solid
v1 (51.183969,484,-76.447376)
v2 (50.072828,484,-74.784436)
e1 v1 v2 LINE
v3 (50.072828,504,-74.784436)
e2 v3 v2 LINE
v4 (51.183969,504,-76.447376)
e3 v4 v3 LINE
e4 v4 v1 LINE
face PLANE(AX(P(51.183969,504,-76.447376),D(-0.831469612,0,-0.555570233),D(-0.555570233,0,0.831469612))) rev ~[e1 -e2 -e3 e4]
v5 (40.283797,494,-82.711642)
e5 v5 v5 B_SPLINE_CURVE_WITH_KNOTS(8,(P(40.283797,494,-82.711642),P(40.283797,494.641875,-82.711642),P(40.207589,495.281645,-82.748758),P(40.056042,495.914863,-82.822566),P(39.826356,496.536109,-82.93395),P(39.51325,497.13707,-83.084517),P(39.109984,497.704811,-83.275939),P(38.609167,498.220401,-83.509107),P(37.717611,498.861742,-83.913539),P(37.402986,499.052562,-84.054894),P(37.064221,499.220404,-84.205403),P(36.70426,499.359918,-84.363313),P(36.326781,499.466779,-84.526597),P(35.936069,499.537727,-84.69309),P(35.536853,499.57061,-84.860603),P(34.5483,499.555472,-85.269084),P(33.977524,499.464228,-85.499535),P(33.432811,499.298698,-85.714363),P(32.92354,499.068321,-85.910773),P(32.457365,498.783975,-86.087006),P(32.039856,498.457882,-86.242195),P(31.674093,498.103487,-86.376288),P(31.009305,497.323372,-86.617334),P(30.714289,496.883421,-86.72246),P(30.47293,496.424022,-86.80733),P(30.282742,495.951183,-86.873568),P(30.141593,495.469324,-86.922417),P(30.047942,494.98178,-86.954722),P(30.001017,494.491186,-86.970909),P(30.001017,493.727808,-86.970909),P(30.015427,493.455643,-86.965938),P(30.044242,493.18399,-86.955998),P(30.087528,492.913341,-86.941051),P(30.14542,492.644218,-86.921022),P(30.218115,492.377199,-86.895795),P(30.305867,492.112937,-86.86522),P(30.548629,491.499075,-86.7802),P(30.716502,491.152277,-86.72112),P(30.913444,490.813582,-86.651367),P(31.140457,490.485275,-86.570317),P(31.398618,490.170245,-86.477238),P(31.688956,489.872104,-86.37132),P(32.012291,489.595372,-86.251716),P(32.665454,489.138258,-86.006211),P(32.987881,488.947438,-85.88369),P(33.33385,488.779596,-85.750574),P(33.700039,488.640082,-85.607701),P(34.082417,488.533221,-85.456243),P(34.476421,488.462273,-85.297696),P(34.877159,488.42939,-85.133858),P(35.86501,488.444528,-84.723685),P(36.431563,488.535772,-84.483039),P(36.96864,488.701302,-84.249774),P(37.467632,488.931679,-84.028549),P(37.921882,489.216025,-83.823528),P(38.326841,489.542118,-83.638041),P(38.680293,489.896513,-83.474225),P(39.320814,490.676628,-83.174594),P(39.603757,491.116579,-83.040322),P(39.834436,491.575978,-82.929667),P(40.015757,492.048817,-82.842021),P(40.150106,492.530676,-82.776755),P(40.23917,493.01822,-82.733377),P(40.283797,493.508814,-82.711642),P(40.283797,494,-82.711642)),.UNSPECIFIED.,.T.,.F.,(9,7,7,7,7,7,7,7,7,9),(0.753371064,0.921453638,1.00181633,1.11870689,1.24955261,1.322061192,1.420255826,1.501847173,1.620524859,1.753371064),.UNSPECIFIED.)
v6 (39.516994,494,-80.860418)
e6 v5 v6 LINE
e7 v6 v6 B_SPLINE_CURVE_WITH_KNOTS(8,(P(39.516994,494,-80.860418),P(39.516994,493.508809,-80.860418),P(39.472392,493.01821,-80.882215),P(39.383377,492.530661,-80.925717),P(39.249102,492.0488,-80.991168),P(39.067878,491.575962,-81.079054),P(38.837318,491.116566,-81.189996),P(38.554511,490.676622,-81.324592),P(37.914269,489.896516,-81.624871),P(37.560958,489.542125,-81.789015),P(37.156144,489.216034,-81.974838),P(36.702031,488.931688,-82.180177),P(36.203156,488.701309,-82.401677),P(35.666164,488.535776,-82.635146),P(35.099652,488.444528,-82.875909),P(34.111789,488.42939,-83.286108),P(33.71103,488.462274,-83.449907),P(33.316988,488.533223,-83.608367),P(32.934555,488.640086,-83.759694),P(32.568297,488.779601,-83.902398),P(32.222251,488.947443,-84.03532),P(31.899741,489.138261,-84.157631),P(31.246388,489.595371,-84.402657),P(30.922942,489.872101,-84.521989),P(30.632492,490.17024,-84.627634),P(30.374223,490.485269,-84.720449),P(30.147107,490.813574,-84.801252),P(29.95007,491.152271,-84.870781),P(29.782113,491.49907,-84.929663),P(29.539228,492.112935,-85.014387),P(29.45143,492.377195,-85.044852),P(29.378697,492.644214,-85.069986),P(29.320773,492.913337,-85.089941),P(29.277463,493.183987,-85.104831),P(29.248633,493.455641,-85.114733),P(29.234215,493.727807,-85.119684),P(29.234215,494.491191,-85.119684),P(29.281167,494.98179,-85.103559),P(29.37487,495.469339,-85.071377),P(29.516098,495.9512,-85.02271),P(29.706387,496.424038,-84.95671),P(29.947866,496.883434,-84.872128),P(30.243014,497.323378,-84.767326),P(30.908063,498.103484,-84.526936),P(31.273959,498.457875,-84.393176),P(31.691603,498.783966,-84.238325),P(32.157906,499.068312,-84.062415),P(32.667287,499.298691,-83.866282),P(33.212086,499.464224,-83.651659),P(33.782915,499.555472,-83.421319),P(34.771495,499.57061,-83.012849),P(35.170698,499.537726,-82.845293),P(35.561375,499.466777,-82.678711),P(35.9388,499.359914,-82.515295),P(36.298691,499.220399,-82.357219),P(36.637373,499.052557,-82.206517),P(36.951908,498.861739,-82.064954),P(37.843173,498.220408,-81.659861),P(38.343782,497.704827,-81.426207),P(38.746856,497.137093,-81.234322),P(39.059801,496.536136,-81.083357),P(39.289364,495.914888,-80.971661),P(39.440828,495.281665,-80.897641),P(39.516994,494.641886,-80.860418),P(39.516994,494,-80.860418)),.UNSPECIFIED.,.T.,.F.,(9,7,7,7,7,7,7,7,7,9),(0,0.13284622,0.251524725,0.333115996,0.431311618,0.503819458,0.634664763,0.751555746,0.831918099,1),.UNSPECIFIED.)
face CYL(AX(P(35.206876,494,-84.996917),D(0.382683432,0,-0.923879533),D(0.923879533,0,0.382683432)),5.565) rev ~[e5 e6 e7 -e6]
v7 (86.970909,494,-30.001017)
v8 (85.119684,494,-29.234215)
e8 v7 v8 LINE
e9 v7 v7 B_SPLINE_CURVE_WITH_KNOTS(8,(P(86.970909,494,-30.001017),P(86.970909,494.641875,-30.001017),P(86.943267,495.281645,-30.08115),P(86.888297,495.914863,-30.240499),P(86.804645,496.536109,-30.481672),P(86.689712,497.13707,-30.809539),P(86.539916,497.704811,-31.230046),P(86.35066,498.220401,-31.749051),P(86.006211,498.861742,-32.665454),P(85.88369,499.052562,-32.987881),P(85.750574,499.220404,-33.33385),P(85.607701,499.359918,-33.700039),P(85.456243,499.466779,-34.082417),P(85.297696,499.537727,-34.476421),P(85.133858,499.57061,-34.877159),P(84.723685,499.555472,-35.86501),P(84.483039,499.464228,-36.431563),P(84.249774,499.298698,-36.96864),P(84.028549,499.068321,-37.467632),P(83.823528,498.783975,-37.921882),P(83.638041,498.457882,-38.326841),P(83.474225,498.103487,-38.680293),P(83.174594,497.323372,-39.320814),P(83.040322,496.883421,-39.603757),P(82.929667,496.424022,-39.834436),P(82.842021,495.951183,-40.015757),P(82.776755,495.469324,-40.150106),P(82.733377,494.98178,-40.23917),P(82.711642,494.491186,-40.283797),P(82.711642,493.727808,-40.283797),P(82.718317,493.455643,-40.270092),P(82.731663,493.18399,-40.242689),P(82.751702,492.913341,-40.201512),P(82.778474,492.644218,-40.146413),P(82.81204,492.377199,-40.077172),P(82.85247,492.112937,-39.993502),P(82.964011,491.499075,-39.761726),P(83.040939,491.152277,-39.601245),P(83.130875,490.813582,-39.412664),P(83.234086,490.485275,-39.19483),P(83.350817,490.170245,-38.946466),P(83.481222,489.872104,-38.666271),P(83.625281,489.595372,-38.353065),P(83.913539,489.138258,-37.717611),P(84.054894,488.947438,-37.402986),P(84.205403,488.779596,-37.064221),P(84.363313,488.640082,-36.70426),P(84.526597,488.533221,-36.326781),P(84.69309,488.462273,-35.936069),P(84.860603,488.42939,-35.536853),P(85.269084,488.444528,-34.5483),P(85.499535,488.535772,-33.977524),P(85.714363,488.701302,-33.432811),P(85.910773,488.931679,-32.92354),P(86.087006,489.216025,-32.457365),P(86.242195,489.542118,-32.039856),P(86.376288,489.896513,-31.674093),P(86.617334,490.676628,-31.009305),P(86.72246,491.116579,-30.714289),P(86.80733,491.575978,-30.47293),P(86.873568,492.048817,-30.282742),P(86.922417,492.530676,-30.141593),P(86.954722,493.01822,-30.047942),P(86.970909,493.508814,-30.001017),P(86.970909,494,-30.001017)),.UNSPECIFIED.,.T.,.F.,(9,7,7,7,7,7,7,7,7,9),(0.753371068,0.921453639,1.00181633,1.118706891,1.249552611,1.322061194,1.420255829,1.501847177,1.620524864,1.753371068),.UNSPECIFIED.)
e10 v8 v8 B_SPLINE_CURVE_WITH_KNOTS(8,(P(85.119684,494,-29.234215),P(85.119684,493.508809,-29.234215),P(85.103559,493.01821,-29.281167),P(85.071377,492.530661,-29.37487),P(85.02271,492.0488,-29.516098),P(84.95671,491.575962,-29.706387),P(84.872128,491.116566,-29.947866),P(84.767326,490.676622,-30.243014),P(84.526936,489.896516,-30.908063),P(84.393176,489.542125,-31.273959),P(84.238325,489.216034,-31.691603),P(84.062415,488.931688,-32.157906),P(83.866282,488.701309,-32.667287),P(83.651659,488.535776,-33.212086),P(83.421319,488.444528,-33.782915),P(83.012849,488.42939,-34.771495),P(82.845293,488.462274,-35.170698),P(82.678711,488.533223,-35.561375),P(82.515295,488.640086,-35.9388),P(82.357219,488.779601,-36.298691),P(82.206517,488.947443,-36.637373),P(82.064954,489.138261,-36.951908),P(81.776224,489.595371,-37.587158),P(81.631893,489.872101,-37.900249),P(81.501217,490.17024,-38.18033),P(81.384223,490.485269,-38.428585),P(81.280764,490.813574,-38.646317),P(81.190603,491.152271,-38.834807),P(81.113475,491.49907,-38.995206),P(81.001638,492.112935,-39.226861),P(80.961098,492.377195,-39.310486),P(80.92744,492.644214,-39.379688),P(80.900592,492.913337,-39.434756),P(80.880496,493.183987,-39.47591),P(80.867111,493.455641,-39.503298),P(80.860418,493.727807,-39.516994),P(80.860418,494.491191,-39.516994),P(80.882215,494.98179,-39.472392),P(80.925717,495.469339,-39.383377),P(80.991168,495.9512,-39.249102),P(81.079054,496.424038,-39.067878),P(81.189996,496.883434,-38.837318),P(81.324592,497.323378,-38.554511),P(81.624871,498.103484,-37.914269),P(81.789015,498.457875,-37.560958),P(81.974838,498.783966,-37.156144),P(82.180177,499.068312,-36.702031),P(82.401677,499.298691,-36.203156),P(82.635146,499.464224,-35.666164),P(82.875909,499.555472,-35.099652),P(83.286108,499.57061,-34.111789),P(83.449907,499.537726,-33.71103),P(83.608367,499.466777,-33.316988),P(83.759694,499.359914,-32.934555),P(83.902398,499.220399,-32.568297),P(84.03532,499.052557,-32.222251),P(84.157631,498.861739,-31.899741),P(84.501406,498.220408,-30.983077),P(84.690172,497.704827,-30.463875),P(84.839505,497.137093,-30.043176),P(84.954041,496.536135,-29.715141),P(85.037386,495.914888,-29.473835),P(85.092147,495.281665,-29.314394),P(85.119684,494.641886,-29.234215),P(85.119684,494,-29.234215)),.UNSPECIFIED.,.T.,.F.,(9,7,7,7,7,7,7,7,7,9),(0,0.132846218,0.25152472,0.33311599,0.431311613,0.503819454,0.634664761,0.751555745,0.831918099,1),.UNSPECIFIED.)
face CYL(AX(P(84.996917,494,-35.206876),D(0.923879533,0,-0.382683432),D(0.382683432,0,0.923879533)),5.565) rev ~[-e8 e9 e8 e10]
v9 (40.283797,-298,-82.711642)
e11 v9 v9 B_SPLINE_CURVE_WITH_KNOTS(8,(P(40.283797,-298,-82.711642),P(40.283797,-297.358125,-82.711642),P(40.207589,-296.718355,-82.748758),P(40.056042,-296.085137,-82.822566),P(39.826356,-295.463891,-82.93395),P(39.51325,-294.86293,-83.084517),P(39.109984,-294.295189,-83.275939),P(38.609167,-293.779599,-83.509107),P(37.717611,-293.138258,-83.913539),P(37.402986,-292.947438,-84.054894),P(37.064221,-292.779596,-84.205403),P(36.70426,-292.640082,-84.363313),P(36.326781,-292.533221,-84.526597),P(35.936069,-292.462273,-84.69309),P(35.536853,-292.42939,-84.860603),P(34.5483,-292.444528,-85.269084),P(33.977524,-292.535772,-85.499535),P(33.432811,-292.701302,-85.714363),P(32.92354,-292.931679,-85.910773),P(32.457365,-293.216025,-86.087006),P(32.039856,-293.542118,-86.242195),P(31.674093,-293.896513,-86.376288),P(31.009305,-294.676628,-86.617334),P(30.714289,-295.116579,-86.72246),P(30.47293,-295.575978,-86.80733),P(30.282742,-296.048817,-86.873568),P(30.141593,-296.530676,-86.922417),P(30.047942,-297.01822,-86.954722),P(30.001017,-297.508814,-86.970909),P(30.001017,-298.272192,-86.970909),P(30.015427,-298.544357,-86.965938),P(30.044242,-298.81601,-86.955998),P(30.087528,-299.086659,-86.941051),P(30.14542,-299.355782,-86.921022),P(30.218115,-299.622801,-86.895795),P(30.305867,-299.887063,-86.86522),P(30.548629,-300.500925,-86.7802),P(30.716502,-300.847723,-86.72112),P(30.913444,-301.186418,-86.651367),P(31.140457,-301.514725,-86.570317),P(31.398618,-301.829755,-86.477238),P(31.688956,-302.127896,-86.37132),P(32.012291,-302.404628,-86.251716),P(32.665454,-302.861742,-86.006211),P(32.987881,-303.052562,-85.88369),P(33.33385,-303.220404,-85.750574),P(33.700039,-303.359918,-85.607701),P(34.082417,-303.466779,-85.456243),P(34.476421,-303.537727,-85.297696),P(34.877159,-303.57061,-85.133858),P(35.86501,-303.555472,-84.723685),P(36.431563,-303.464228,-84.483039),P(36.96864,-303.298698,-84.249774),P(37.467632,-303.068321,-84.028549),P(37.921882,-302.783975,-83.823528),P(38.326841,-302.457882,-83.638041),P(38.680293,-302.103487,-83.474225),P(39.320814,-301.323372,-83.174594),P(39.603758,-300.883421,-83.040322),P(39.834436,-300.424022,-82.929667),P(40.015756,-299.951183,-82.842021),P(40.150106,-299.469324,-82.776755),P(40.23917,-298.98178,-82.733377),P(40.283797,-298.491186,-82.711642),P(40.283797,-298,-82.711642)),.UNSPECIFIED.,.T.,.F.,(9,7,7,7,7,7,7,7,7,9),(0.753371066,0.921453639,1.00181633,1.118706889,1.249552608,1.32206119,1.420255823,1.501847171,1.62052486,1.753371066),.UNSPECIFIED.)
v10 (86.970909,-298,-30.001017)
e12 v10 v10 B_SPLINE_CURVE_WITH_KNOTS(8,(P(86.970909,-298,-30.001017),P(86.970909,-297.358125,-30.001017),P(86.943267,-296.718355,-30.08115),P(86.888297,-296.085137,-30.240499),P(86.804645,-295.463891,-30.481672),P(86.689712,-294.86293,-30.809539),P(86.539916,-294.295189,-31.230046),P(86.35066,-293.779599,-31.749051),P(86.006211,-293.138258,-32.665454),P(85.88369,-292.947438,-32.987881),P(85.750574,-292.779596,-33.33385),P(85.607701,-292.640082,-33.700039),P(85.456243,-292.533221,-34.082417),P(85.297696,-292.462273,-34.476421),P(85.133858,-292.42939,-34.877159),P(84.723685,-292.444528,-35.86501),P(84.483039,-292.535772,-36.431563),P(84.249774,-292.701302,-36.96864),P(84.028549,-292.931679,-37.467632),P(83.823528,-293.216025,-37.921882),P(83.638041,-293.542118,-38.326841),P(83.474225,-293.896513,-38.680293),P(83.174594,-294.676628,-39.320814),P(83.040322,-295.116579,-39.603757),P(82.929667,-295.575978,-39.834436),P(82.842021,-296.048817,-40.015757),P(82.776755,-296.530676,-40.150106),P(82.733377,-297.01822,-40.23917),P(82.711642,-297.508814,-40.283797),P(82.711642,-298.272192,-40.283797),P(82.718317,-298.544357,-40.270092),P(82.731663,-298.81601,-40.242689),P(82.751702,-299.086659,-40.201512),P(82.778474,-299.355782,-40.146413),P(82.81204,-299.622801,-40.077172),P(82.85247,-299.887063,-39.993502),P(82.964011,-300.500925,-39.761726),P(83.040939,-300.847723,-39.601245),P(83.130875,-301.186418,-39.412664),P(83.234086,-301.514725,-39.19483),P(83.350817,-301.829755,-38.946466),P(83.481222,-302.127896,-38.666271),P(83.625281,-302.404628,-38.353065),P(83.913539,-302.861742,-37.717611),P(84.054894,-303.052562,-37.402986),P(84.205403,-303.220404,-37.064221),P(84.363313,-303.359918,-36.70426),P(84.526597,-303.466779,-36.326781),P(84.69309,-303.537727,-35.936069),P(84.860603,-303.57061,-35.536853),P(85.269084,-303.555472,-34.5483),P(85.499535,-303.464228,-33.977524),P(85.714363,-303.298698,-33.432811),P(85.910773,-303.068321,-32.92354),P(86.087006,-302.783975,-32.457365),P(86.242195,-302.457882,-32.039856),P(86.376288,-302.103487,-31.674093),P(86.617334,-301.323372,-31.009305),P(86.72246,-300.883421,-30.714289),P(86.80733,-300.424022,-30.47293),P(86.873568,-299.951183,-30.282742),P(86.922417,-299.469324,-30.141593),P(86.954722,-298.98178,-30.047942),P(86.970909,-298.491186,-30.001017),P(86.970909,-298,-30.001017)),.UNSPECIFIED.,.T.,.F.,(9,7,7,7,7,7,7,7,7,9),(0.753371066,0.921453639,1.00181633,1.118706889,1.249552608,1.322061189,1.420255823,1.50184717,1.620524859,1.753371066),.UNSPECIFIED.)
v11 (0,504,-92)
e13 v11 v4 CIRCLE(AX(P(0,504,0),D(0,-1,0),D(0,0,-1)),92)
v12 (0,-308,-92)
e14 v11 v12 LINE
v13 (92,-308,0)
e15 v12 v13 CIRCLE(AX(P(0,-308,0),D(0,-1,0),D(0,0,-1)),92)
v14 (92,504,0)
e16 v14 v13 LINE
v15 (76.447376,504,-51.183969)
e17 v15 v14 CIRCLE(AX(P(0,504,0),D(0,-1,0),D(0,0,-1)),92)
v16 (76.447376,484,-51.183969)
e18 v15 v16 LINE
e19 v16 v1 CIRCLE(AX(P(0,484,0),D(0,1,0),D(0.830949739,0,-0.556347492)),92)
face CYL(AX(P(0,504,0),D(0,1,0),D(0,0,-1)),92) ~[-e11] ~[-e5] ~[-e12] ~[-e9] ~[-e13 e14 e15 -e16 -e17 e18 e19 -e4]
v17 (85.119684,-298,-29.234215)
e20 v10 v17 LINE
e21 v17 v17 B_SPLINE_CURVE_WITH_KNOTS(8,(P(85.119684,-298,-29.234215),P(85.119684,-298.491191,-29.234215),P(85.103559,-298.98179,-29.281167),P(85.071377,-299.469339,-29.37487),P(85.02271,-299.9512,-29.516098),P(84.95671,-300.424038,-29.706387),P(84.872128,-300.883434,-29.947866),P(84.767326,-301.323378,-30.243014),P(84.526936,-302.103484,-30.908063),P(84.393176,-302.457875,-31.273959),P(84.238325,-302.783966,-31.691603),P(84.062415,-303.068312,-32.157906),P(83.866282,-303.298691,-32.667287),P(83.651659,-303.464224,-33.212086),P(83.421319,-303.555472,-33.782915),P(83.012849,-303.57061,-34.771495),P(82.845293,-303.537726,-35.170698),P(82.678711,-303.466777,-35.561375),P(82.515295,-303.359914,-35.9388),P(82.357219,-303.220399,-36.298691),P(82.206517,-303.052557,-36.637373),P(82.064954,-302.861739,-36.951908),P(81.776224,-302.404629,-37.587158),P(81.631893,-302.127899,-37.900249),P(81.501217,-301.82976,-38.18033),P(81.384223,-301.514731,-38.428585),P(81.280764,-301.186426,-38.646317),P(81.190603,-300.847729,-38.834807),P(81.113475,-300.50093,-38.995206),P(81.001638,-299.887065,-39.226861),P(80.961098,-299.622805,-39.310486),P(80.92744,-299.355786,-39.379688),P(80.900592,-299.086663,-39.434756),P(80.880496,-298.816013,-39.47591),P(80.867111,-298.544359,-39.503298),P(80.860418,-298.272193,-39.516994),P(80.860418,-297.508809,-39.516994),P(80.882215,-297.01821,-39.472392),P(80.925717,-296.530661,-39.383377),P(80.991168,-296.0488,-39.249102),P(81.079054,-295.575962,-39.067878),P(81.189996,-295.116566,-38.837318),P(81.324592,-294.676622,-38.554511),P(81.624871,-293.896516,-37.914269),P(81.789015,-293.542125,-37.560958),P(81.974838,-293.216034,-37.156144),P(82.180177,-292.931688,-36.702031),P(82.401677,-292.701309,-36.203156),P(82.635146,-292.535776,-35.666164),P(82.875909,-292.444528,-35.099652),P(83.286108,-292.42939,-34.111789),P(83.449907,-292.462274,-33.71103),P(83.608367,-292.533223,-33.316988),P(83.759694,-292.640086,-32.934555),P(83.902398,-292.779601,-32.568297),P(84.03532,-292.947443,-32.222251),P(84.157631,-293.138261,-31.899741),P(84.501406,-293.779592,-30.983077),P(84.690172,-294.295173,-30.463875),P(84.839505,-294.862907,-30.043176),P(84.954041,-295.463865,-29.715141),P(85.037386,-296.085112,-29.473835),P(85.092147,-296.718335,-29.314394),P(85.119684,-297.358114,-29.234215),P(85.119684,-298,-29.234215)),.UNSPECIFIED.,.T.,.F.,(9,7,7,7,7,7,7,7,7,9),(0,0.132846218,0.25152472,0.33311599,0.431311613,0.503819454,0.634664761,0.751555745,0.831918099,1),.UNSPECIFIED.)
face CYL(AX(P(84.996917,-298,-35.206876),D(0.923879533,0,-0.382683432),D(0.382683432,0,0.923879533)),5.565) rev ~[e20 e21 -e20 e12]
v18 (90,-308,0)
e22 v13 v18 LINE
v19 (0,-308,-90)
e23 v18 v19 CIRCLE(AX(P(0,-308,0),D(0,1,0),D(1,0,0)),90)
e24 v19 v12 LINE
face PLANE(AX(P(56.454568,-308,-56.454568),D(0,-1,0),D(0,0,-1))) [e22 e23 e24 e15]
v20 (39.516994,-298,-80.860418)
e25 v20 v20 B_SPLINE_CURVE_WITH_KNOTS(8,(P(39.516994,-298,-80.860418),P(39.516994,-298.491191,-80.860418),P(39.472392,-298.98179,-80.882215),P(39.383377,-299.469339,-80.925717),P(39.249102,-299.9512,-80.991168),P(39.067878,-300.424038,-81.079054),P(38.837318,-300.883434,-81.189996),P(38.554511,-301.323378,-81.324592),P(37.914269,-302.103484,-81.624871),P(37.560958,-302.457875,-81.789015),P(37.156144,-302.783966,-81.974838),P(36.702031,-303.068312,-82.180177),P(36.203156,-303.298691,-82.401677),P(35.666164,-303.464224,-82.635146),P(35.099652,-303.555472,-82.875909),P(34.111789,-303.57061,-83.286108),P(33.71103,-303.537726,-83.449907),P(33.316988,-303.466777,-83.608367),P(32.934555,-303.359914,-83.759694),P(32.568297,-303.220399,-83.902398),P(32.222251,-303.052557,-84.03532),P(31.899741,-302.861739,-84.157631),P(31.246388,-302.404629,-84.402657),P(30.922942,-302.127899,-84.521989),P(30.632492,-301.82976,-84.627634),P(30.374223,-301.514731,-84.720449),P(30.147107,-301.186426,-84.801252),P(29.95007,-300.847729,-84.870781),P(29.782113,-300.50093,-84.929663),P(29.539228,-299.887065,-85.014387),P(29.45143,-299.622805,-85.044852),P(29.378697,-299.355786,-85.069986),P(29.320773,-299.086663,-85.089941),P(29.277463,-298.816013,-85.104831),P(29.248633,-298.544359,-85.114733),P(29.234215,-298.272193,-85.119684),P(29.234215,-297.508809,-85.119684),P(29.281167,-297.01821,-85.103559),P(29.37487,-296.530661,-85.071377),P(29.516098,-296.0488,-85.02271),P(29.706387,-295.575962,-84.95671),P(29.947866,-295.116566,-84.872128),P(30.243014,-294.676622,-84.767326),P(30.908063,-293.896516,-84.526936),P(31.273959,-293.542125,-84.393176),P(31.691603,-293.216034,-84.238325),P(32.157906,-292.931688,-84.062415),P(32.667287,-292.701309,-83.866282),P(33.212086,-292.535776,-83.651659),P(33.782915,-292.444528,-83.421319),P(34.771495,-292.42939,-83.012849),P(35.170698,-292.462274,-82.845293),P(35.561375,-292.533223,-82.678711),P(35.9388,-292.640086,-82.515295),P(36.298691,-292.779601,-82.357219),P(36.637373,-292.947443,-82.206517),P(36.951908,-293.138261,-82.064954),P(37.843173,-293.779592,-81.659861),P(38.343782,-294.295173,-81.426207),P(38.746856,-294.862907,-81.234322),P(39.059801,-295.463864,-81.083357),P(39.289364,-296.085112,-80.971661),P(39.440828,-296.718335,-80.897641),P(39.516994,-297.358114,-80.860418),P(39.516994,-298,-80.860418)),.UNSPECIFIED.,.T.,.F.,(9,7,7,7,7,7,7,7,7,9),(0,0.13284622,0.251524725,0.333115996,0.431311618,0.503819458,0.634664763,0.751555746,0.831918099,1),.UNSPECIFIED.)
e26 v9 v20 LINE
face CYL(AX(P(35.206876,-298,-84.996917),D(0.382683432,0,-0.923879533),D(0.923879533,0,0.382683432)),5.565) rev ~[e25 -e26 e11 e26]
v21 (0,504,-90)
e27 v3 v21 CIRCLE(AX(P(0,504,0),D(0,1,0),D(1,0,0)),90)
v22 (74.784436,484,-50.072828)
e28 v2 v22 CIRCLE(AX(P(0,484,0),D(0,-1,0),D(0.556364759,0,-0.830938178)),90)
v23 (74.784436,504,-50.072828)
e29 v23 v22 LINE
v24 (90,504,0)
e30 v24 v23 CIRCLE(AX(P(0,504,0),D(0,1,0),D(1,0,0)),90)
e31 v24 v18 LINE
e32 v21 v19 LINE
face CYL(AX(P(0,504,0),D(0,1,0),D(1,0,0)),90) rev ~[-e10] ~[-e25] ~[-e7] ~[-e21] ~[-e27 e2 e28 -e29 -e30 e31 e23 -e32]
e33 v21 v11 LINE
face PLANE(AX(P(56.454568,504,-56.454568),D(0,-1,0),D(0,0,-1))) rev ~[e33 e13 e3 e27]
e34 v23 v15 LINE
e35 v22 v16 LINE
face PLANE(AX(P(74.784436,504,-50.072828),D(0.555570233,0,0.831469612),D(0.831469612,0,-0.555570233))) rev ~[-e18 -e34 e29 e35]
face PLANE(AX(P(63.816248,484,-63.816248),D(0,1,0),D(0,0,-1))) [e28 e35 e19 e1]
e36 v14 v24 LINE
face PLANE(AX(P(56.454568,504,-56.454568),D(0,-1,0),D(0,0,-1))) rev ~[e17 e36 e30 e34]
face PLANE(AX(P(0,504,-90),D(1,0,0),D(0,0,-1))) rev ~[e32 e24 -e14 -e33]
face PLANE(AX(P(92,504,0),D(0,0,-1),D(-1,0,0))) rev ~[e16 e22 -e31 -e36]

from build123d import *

# Parameters (mm, degrees)
BOSS_EXTRUDE1_DEPTH     = 812
CUT_EXTRUDE2_REACH      = 820.409
CUT_EXTRUDE2_END_RADIUS = 90
SKETCH3_R               = 5.565
CUT_EXTRUDE3_REACH      = 820.409
CUT_EXTRUDE3_END_RADIUS = 90
SKETCH5_R               = 5.565
LPATTERN2_COUNT         = 2
LPATTERN2_PITCH         = 792
CUT_EXTRUDE5_DEPTH      = 20
BODY_MOVE_COPY1_ANGLE   = 180


with BuildPart() as part:
    # Sketch1 → Boss-Extrude1 (new body)
    with BuildSketch(Plane(origin=(0, 0, 0), x_dir=(1, 0, 0), z_dir=(0, 1, 0))):
        with BuildLine():
            Line((0, 92), (0, 90))
            ThreePointArc((0, 90), (63.639610307, 63.639610307), (90, 0))
            Line((90, 0), (92, 0))
            ThreePointArc((92, 0), (65.053823869, 65.053823869), (0, 92))
        make_face()
    extrude(amount=BOSS_EXTRUDE1_DEPTH)

    # Cut-Extrude2: up to this cylinder (the profile starts outside it)
    cut_extrude2_end = Plane(origin=(0, 10, 0), z_dir=(0, -1, 0)) * Cylinder(CUT_EXTRUDE2_END_RADIUS, 1821.818, mode=Mode.PRIVATE)
    # Sketch3 → Cut-Extrude2 (cut, up to the surface)
    with BuildSketch(Plane(origin=(84.996916991, 0, -35.206875778), x_dir=(-0.38268343236509045, 0, -0.9238795325112865), z_dir=(0.9238795325112865, 0, -0.38268343236509045)), mode=Mode.PRIVATE) as cut_extrude2_sk1:
        with Locations((0, 10)):
            Circle(SKETCH3_R)
    cut_extrude2_tool1 = extrude(cut_extrude2_sk1.sketch, amount=-CUT_EXTRUDE2_REACH, mode=Mode.PRIVATE) - cut_extrude2_end
    cut_extrude2 = cut_extrude2_tool1.solids().sort_by_distance((84.996917, 10, -35.206876))[0]
    add(cut_extrude2, mode=Mode.SUBTRACT)

    # Cut-Extrude3: up to this cylinder (the profile starts outside it)
    cut_extrude3_end = Plane(origin=(0, 10, 0), z_dir=(0, -1, 0)) * Cylinder(CUT_EXTRUDE3_END_RADIUS, 1821.818, mode=Mode.PRIVATE)
    # Sketch5 → Cut-Extrude3 (cut, up to the surface)
    with BuildSketch(Plane(origin=(35.206875778, 0, -84.996916991), x_dir=(-0.9238795325112878, 0, -0.3826834323650876), z_dir=(0.3826834323650876, 0, -0.9238795325112878)), mode=Mode.PRIVATE) as cut_extrude3_sk1:
        with Locations((0, 10)):
            Circle(SKETCH5_R)
    cut_extrude3_tool1 = extrude(cut_extrude3_sk1.sketch, amount=-CUT_EXTRUDE3_REACH, mode=Mode.PRIVATE) - cut_extrude3_end
    cut_extrude3 = cut_extrude3_tool1.solids().sort_by_distance((35.206876, 10, -84.996917))[0]
    add(cut_extrude3, mode=Mode.SUBTRACT)

    # LPattern2: Cut-Extrude2, Cut-Extrude3 ×2
    with Locations(*[(0, i * LPATTERN2_PITCH, 0) for i in range(1, LPATTERN2_COUNT)]):
        add(cut_extrude2, mode=Mode.SUBTRACT)
        add(cut_extrude3, mode=Mode.SUBTRACT)

    # Sketch7 → Cut-Extrude5 (cut)
    with BuildSketch(Plane.XZ):
        with BuildLine():
            Line((76.447375943, -51.183969281), (74.784435976, -50.072828318))
            ThreePointArc((74.784435976, -50.072828318), (63.639610307, -63.639610307), (50.072828318, -74.784435976))
            Line((50.072828318, -74.784435976), (51.183969281, -76.447375943))
            ThreePointArc((51.183969281, -76.447375943), (65.053823869, -65.053823869), (76.447375943, -51.183969281))
        make_face()
    extrude(amount=-CUT_EXTRUDE5_DEPTH, mode=Mode.SUBTRACT)


with BuildPart() as part_1:
    # Body-Move/Copy1: moved
    add(part.part.moved(Location((0, 0, 0))).rotate(Axis((0, 252, 0), (0.7071067811865488, -4.937700262164522e-15, -0.7071067811865462)), BODY_MOVE_COPY1_ANGLE))


solid = part_1.part
